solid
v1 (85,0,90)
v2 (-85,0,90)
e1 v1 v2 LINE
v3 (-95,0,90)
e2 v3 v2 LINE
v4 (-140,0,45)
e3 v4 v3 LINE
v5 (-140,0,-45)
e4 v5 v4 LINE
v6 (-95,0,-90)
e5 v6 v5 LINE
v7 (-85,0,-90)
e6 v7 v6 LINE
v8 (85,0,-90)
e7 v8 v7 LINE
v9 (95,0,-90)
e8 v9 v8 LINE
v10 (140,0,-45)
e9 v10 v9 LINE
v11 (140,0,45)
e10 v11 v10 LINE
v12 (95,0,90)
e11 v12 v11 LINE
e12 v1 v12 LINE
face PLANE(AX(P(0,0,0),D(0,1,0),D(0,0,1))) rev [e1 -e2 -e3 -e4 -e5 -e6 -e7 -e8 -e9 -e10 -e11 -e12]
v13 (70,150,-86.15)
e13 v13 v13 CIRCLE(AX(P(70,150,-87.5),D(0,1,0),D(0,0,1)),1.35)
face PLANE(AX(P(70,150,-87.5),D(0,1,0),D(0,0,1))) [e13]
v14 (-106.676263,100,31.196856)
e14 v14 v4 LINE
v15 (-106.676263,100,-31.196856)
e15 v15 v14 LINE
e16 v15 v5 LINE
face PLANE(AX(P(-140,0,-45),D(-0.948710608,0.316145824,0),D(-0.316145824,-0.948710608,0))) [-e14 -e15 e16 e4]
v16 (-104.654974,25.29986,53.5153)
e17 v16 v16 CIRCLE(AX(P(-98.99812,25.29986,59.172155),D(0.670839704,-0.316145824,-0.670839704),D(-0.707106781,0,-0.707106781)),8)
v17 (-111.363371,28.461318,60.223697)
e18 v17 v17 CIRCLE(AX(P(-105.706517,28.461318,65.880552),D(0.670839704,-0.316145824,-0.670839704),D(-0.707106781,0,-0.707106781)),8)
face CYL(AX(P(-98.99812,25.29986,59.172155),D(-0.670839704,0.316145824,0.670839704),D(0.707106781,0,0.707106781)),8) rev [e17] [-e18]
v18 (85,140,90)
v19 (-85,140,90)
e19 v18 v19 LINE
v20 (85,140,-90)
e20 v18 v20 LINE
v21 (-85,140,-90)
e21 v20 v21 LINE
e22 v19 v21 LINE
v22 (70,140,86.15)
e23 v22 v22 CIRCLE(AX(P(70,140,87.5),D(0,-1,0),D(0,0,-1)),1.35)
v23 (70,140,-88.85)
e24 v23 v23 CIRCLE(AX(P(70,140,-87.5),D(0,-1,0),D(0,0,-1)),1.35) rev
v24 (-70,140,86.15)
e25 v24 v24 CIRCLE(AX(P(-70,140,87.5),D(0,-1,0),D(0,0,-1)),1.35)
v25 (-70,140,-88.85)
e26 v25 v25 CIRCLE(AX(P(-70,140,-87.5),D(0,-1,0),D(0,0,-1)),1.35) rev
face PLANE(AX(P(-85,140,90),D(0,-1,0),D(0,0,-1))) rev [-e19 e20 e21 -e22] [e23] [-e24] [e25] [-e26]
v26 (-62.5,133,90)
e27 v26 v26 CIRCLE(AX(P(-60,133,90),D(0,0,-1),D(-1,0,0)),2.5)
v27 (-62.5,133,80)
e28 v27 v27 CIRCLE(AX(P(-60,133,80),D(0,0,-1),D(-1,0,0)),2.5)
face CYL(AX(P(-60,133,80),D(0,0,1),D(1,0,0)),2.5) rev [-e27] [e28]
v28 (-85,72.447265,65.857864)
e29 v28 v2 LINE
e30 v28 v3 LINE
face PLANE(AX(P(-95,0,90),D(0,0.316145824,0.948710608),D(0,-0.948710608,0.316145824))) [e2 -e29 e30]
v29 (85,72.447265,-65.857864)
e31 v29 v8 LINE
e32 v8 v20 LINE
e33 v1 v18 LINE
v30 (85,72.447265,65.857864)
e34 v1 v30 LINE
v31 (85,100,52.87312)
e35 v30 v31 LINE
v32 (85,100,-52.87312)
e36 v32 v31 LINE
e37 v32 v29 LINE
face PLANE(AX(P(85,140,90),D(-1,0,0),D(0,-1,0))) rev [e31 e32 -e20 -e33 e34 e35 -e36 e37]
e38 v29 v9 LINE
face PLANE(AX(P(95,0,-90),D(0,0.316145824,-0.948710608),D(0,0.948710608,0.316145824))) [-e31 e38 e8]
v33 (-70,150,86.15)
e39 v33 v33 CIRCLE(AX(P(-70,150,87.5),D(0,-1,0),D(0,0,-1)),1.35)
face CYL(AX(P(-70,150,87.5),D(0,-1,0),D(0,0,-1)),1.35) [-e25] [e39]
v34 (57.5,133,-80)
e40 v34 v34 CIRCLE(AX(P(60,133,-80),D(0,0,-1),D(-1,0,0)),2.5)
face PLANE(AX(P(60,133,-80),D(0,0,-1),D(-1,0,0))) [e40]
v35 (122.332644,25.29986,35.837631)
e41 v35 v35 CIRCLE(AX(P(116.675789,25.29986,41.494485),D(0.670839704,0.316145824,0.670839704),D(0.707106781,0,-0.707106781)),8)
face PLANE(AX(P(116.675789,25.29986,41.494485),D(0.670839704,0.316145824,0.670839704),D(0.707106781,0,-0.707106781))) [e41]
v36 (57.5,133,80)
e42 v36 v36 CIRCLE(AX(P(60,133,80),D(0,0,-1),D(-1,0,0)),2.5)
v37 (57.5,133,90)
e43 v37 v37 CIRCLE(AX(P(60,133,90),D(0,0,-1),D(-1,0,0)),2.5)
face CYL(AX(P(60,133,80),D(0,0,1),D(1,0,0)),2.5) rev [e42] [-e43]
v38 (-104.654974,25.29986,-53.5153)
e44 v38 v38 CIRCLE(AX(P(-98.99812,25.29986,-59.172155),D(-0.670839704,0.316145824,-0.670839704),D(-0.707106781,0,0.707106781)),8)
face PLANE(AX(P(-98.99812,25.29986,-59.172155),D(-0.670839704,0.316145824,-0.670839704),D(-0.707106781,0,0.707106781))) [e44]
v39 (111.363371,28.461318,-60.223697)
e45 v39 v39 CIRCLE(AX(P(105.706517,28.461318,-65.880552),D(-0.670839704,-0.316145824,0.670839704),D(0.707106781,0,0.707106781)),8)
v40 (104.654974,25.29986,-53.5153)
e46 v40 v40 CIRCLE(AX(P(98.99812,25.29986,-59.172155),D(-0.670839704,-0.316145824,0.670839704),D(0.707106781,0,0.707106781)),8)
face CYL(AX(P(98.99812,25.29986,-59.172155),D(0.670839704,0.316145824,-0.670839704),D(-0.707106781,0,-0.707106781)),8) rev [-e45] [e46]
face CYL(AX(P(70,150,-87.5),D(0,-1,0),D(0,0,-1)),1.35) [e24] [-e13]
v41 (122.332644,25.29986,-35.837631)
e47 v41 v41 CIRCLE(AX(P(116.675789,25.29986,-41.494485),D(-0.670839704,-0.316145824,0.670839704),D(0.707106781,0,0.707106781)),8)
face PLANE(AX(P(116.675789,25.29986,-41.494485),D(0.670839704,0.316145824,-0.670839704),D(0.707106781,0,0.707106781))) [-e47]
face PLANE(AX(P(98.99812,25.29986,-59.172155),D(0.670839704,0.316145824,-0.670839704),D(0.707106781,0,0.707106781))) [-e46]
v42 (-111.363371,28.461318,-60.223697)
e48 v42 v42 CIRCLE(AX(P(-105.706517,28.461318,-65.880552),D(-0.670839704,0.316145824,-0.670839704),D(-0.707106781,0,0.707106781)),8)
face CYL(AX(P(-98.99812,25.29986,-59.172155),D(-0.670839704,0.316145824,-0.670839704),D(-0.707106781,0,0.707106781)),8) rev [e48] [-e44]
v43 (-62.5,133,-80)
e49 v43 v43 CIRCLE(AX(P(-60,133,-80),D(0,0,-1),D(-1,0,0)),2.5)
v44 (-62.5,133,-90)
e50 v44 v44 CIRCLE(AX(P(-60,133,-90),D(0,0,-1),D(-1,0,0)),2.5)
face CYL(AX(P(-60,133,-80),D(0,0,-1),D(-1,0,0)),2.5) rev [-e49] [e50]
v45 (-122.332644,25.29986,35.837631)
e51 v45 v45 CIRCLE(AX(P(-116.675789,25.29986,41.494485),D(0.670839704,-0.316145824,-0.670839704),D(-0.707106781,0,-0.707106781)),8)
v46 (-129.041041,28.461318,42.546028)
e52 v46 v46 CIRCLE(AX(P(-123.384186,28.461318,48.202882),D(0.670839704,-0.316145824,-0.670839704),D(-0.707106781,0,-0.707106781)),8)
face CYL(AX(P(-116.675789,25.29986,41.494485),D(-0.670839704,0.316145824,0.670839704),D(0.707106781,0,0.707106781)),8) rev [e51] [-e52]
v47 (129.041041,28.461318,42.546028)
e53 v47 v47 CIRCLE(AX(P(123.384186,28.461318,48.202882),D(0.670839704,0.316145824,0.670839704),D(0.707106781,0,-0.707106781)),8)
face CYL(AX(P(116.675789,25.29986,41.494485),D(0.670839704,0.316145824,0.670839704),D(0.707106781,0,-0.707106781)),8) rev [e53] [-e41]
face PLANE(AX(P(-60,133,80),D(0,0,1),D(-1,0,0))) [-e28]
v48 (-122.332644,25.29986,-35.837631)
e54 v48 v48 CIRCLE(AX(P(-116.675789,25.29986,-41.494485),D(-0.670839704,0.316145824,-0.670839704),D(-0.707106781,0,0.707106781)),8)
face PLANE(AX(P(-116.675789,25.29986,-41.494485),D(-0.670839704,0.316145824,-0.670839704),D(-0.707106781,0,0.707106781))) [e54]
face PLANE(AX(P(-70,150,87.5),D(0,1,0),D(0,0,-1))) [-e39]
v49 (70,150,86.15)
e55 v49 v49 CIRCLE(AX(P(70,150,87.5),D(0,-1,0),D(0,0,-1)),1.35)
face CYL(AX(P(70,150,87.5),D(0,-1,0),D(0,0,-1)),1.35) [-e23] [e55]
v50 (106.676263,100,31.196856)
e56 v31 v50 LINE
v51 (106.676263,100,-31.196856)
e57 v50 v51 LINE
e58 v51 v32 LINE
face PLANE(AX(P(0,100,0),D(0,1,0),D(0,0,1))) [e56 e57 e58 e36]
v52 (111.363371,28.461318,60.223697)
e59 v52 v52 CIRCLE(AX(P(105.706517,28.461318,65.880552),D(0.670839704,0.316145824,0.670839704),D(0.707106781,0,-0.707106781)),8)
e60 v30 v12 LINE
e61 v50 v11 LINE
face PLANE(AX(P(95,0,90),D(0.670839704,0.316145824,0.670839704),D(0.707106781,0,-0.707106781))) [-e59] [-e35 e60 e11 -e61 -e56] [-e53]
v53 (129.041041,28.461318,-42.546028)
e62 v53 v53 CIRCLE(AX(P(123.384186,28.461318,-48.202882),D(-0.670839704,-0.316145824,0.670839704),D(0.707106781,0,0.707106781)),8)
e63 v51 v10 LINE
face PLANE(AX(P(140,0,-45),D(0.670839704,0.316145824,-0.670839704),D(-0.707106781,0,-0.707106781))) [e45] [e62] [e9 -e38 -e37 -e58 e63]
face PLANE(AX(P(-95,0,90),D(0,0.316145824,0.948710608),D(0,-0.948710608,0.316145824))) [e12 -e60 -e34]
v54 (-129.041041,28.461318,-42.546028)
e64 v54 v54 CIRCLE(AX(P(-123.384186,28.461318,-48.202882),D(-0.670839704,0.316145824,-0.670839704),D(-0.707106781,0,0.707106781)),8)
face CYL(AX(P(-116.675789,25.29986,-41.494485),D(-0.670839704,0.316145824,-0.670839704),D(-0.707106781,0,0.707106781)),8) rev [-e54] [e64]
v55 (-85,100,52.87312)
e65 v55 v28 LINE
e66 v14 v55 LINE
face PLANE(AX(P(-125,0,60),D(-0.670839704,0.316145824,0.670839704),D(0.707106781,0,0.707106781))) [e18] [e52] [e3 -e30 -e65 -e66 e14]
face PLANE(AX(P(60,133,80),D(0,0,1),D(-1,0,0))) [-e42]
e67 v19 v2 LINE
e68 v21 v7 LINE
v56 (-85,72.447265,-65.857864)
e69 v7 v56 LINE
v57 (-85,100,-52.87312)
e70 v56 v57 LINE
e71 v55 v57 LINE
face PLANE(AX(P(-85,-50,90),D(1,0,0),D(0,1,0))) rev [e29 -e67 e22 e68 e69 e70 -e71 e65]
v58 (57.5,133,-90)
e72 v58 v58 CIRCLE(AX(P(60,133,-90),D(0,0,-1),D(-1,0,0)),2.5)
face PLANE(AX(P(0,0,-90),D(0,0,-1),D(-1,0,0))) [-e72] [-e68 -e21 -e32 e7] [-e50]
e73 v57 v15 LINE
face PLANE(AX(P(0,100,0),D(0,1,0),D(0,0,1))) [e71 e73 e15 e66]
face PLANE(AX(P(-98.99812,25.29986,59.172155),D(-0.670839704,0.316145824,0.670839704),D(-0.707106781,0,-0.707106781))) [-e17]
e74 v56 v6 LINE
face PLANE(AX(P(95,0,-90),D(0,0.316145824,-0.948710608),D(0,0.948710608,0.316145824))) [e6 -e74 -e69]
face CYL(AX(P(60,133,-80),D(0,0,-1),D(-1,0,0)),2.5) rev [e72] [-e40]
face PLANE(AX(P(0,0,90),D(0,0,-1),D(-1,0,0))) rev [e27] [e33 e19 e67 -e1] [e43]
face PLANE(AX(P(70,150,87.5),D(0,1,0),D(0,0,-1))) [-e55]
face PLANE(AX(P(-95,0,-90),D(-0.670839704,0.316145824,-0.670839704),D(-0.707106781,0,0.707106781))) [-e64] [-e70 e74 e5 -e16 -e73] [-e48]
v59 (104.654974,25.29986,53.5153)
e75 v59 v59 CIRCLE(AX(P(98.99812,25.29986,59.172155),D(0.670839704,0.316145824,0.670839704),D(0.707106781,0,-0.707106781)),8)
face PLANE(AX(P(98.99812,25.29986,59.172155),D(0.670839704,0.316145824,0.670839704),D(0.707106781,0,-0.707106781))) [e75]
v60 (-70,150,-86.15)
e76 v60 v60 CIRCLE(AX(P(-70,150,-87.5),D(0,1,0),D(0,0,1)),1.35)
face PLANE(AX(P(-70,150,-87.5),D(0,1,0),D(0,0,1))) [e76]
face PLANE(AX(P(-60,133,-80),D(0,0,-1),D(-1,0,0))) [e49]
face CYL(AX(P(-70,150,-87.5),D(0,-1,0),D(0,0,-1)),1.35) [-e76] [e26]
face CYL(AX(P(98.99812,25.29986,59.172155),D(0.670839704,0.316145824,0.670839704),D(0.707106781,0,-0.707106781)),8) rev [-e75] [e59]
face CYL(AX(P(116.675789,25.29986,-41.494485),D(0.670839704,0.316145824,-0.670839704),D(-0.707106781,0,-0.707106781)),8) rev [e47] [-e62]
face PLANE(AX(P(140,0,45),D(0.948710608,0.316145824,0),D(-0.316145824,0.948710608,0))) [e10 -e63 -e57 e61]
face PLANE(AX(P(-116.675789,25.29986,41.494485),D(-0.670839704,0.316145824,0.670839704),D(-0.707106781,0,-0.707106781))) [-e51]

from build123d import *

# Parameters (mm, degrees)
BOSS_EXTRUDE1_DEPTH     = 100
BOSS_EXTRUDE1_TAPER     = 18.43
SKETCH2_W               = 170
SKETCH2_H               = 190
BOSS_EXTRUDE2_DEPTH     = 90
SKETCH3_R               = 1.35
BOSS_EXTRUDE3_DEPTH     = 10
SKETCH4_W               = 180
SKETCH4_H               = 50
CUT_EXTRUDE1_DEPTH      = 286.000000111
SKETCH5_R               = 2.5
CUT_EXTRUDE2_DEPTH      = 10
SKETCH6_R               = 8
CUT_EXTRUDE3_DEPTH      = 10
MIRROR4_COPY_1_SKETCH_R = 8
MIRROR4_COPY_1_DEPTH    = 10


with BuildPart() as part:
    # Sketch1 → Boss-Extrude1 (new body)
    with BuildSketch(Plane(origin=(0, 0, 0), x_dir=(1, 0, 0), z_dir=(0, 1, 0))):
        Polygon((-140, -45), (-125, -60), (-95, -90), (95, -90), (140, -45), (140, 45), (95, 90), (-95, 90), (-140, 45), align=None)
    extrude(amount=BOSS_EXTRUDE1_DEPTH, taper=BOSS_EXTRUDE1_TAPER)

    # Sketch2 → Boss-Extrude2 (add, symmetric)
    with BuildSketch(Plane.XY):
        with Locations((0, 45)):
            Rectangle(SKETCH2_W, SKETCH2_H)
    extrude(amount=BOSS_EXTRUDE2_DEPTH, both=True)

    # Sketch3 → Boss-Extrude3 (add, symmetric)
    with BuildSketch(Plane(origin=(0, 140, 0), x_dir=(1, 0, 0), z_dir=(0, 1, 0))):
        with Locations(Location((-70, 87.5, 0), (0, 0, 90))):
            Circle(SKETCH3_R)
        with Locations(Location((70, 87.5, 0), (0, 0, 90))):
            Circle(SKETCH3_R)
    boss_extrude3 = extrude(amount=BOSS_EXTRUDE3_DEPTH, both=True)

    # Mirror1: Boss-Extrude3 across plane
    add(boss_extrude3.mirror(Plane.XY))

    # Sketch4 → Cut-Extrude1 (cut, through all)
    with BuildSketch(Plane.ZY.offset(85)):
        with Locations((0, -25)):
            Rectangle(SKETCH4_W, SKETCH4_H)
    extrude(amount=-CUT_EXTRUDE1_DEPTH, mode=Mode.SUBTRACT)

    # Sketch5 → Cut-Extrude2 (cut)
    with BuildSketch(Plane(origin=(0, 0, -90), x_dir=(-1, 0, 0), z_dir=(0, 0, -1))):
        with Locations((-60, 133)):
            Circle(SKETCH5_R)
        with Locations((60, 133)):
            Circle(SKETCH5_R)
    cut_extrude2 = extrude(amount=-CUT_EXTRUDE2_DEPTH, mode=Mode.SUBTRACT)

    # Mirror2: Cut-Extrude2 across plane
    add(cut_extrude2.mirror(Plane.XY), mode=Mode.SUBTRACT)

    # Sketch6 → Cut-Extrude3 (cut)
    with BuildSketch(Plane(origin=(-83.254793164, 39.235386654, -83.254793164), x_dir=(-0.6068291050905237, 0.2859796255102721, 0.741602380665029), z_dir=(-0.6708397043943968, 0.31614582397380636, -0.6708397043943966))):
        with Locations(Location((23.427974197, -19.317213572, 0), (0, 0, 342.455867608))):
            Circle(SKETCH6_R)
        with Locations(Location((47.265100386, -26.853221472, 0), (0, 0, 342.455867608))):
            Circle(SKETCH6_R)
    cut_extrude3 = extrude(amount=-CUT_EXTRUDE3_DEPTH, mode=Mode.SUBTRACT)

    # Mirror3: Cut-Extrude3 across plane
    add(cut_extrude3.mirror(Plane.XY), mode=Mode.SUBTRACT)

    # Mirror4: Cut-Extrude3 across plane
    add(cut_extrude3.mirror(Plane(origin=(0, 0, 0), x_dir=(0, 0, 1), z_dir=(1, 0, 0))), mode=Mode.SUBTRACT)

    # Mirror4 copy 1 sketch → Mirror4 copy 1 (cut)
    with BuildSketch(Plane(origin=(83.254793164, 39.235386654, 83.254793164), x_dir=(0.6068291050905237, 0.2859796255102721, -0.741602380665029), z_dir=(0.6708397043943968, 0.31614582397380636, 0.6708397043943966))):
        with Locations(Location((23.427974197, -19.317213572, 0), (0, 0, 342.455867608))):
            Circle(MIRROR4_COPY_1_SKETCH_R)
        with Locations(Location((47.265100386, -26.853221472, 0), (0, 0, 342.455867608))):
            Circle(MIRROR4_COPY_1_SKETCH_R)
    extrude(amount=-MIRROR4_COPY_1_DEPTH, mode=Mode.SUBTRACT)


solid = part.part
